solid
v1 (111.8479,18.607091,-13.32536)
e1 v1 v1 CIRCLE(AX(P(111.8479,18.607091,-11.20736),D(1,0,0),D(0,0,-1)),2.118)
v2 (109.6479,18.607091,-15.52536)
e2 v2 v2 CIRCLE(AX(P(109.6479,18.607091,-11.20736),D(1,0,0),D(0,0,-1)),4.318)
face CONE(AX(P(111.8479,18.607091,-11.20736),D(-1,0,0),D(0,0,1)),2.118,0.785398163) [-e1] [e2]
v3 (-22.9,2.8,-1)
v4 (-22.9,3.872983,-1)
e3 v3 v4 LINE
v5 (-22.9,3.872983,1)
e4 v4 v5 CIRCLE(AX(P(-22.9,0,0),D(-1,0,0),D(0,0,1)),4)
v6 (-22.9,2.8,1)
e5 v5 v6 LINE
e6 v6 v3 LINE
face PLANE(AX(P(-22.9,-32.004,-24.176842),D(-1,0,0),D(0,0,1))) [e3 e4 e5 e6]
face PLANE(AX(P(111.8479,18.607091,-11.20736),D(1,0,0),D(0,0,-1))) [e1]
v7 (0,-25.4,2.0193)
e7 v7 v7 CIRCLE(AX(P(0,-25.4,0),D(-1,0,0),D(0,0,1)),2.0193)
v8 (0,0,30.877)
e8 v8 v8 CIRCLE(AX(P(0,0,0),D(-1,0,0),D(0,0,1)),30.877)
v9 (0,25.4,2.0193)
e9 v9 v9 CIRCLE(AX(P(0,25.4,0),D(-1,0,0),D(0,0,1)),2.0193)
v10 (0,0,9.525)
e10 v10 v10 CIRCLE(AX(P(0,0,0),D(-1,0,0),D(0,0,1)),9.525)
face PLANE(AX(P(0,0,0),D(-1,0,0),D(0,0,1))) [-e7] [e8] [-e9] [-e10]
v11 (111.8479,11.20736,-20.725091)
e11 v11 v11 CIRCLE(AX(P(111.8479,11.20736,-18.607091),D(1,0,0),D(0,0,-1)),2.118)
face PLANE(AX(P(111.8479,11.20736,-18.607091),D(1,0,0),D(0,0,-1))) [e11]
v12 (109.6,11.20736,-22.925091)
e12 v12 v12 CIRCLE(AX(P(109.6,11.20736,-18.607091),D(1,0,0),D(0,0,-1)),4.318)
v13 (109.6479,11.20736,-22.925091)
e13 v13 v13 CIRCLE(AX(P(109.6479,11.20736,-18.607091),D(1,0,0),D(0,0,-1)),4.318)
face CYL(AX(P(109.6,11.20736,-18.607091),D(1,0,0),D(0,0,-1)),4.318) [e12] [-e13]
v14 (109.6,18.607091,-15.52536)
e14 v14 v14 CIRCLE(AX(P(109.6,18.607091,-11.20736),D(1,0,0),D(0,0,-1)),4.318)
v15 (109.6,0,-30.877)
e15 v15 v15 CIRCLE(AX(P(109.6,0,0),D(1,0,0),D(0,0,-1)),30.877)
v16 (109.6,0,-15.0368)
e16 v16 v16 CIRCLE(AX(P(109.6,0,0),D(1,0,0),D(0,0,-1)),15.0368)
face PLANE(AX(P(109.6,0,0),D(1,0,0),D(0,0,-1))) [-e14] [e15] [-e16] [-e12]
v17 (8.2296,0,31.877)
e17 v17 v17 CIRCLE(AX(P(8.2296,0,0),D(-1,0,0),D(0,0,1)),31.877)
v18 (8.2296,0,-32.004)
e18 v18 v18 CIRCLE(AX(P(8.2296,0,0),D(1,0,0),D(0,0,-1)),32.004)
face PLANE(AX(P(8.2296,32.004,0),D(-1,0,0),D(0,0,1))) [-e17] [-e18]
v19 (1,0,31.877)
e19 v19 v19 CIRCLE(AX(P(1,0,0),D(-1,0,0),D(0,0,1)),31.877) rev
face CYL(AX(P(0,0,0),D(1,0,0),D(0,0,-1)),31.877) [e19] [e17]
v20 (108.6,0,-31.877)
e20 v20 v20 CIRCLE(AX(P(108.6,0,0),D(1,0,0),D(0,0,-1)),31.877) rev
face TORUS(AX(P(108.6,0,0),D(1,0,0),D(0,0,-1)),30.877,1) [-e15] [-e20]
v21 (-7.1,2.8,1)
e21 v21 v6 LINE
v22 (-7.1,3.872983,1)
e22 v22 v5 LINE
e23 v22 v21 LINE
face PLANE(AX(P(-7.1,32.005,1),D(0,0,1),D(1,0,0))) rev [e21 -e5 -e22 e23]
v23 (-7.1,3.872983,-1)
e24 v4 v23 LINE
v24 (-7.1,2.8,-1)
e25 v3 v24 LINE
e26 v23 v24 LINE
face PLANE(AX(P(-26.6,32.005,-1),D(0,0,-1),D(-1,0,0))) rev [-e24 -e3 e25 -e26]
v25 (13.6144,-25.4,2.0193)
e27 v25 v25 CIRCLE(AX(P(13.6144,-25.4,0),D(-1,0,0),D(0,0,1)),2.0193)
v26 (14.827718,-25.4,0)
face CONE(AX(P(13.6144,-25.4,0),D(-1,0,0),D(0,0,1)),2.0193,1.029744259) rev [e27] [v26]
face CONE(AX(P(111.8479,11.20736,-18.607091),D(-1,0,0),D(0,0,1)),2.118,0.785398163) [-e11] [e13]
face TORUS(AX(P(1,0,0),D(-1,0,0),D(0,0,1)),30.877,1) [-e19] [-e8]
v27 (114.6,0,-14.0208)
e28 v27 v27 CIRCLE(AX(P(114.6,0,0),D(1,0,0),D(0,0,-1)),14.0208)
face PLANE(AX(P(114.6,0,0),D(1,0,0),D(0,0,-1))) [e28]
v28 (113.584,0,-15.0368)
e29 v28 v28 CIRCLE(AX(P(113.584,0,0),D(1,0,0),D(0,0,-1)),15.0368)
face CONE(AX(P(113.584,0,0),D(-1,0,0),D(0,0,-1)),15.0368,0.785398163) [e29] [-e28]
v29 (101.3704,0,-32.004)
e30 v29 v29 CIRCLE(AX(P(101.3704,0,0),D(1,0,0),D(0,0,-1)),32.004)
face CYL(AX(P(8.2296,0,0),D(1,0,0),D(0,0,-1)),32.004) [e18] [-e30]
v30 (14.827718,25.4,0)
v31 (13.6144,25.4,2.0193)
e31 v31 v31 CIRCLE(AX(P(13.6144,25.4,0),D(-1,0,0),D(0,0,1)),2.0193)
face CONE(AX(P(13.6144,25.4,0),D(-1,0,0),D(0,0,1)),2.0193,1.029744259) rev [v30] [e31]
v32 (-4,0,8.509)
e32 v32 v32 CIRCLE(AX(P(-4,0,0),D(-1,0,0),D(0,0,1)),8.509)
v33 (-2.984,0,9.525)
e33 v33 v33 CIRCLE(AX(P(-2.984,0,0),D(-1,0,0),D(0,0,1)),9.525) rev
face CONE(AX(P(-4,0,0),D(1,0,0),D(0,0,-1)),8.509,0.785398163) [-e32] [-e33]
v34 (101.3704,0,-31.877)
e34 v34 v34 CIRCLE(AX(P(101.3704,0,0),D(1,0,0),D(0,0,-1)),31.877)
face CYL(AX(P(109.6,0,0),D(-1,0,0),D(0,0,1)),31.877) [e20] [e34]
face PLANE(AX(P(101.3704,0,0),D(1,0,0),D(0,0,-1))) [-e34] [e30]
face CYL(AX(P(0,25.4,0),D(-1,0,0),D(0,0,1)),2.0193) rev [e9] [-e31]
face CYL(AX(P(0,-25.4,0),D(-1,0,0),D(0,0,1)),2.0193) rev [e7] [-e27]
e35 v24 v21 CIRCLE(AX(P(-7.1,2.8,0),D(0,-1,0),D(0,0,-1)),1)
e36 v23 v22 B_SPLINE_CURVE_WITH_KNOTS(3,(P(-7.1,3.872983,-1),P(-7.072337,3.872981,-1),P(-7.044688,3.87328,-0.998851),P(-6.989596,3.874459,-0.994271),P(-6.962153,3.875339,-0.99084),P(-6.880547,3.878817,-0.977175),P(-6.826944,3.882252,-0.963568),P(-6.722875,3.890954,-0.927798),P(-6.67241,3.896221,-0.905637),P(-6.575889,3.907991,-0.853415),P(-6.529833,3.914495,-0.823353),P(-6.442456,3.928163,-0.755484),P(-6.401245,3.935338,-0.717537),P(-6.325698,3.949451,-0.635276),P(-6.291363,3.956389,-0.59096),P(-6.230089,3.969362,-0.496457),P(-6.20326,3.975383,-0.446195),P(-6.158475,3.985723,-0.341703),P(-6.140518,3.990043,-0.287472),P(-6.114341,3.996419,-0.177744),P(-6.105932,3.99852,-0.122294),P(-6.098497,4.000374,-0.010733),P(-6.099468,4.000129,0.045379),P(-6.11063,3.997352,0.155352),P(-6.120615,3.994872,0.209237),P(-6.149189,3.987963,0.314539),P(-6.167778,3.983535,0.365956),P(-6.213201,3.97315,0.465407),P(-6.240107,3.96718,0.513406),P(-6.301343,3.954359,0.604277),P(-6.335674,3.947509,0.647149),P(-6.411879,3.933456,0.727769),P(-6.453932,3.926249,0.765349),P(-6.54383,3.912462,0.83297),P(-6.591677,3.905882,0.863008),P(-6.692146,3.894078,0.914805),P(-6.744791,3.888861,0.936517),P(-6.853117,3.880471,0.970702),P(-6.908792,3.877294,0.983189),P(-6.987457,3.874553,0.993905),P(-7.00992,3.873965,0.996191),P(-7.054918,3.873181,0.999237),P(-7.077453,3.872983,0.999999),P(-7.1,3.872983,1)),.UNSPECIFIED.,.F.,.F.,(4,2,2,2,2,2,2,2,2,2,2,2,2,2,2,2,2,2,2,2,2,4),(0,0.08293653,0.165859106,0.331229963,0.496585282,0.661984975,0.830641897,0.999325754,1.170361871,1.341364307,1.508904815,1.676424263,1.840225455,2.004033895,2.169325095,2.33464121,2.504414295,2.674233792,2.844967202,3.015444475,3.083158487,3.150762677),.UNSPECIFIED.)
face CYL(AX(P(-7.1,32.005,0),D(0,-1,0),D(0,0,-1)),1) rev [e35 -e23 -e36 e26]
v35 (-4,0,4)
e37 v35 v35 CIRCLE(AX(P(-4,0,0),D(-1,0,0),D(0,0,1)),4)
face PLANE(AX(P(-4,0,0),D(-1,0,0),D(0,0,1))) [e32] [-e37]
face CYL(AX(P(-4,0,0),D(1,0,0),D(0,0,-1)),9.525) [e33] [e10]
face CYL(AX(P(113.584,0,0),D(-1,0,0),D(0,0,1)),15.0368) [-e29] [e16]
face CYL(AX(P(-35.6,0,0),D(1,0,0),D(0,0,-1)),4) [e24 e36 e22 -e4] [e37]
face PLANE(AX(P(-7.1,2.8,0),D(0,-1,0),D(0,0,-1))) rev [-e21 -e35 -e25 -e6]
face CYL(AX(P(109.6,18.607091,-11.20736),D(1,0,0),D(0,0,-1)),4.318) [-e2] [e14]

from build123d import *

# Parameters (mm, degrees)
SKETCH1_W                  = 93.1408
SKETCH1_H                  = 32.004
SKETCH2_R                  = 31.877
BOSS_EXTRUDE1_DEPTH        = 8.2296
SKETCH3_R                  = 15.0368
BOSS_EXTRUDE2_DEPTH        = 3.984
SKETCH4_R                  = 15.0368
BOSS_EXTRUDE3_DEPTH        = 1.016
BOSS_EXTRUDE3_TAPER        = 45
BOSS_EXTRUDE4_START        = 8.2296
SKETCH5_R                  = 31.877
BOSS_EXTRUDE4_DEPTH        = 8.2296
SKETCH6_R                  = 9.525
BOSS_EXTRUDE5_DEPTH        = 4
SKETCH7_R                  = 4
BOSS_EXTRUDE6_DEPTH        = 31.6
CUT_EXTRUDE1_REACH         = 125.971
CUT_EXTRUDE1_END_RADIUS    = 4
M3_5_CLEARANCE_HOLE1_D     = 4.0386
M3_5_CLEARANCE_HOLE1_DEPTH = 13.6144
M3_5_CLEARANCE_HOLE1_TIP   = 1.213317848
CHAMFER1_SIZE              = 1.016
CHAMFER2_SIZE              = 0.5
FILLET1_R                  = 1
CUT_EXTRUDE2_DEPTH         = 124.213928007
CUT_EXTRUDE2_DEPTH_BACK    = 124.213928007
SKETCH13_W                 = 12.7
SKETCH13_H                 = 41.153791371


with BuildPart() as part:
    # Sketch1 → Revolve1 (revolve)
    with BuildSketch(Plane.XY, mode=Mode.PRIVATE) as revolve1_sk:
        with Locations((54.8, 16.002)):
            Rectangle(SKETCH1_W, SKETCH1_H)
    revolve(revolve1_sk.sketch.rotate(Axis((8.2296, 0, 0), (1, 0, 0)), 270), axis=Axis((8.2296, 0, 0), (1, 0, 0)))

    # Sketch2 → Boss-Extrude1 (add)
    with BuildSketch(Plane(origin=(101.3704, 0, 0), x_dir=(0, 0, -1), z_dir=(1, 0, 0))):
        Circle(SKETCH2_R)
    extrude(amount=BOSS_EXTRUDE1_DEPTH)

    # Sketch3 → Boss-Extrude2 (add)
    with BuildSketch(Plane(origin=(109.6, 0, 0), x_dir=(0, 0, -1), z_dir=(1, 0, 0))):
        Circle(SKETCH3_R)
    extrude(amount=BOSS_EXTRUDE2_DEPTH)

    # Sketch4 → Boss-Extrude3 (add)
    with BuildSketch(Plane(origin=(113.584, 0, 0), x_dir=(0, 0, -1), z_dir=(1, 0, 0))):
        Circle(SKETCH4_R)
    extrude(amount=BOSS_EXTRUDE3_DEPTH, taper=BOSS_EXTRUDE3_TAPER)

    # Sketch5 → Boss-Extrude4 (add)
    with BuildSketch(Plane.ZY.offset(-8.2296).offset(BOSS_EXTRUDE4_START)):
        with Locations(Location((0, 0, 0), (0, 0, 180))):
            Circle(SKETCH5_R)
    extrude(amount=-BOSS_EXTRUDE4_DEPTH)

    # Sketch6 → Boss-Extrude5 (add)
    with BuildSketch(Plane.ZY):
        Circle(SKETCH6_R)
    extrude(amount=BOSS_EXTRUDE5_DEPTH)

    # Sketch7 → Boss-Extrude6 (add)
    with BuildSketch(Plane.ZY.offset(4)):
        Circle(SKETCH7_R)
    extrude(amount=BOSS_EXTRUDE6_DEPTH)

    # Cut-Extrude1: up to this cylinder (the profile starts inside it)
    cut_extrude1_end = Plane(origin=(-16.85, 0, 0), z_dir=(1, 0, 0)) * Cylinder(CUT_EXTRUDE1_END_RADIUS, 260.942, mode=Mode.PRIVATE)
    # Sketch8 → Cut-Extrude1 (cut, up to the surface)
    with BuildSketch(Plane.XZ.offset(-2.8), mode=Mode.PRIVATE) as cut_extrude1_sk1:
        with BuildLine():
            Line((-7.1, 1), (-26.6, 1))
            ThreePointArc((-26.6, 1), (-27.6, 0), (-26.6, -1))
            Line((-26.6, -1), (-7.1, -1))
            ThreePointArc((-7.1, -1), (-6.1, 0), (-7.1, 1))
        make_face()
    cut_extrude1_tool1 = extrude(cut_extrude1_sk1.sketch, amount=-CUT_EXTRUDE1_REACH, mode=Mode.PRIVATE) & cut_extrude1_end
    add(cut_extrude1_tool1.solids().sort_by_distance((-16.85, 2.8, 0))[0], mode=Mode.SUBTRACT)

    # Sketch9 → Revolve2 (revolve)
    with BuildSketch(Plane.XY.offset(-18.607090683), mode=Mode.PRIVATE) as revolve2_sk:
        Polygon((109.6, 15.525359639), (109.6, 11.207359639), (111.8479, 11.207359639), (111.8479, 13.325359639), (109.6479, 15.525359639), align=None)
    revolve(revolve2_sk.sketch.rotate(Axis((109.6, 11.207359639, -18.607090683), (1, 0, 0)), 270), axis=Axis((109.6, 11.207359639, -18.607090683), (1, 0, 0)))

    # Sketch10 → Revolve3 (revolve)
    with BuildSketch(Plane.XY.offset(-11.207359639), mode=Mode.PRIVATE) as revolve3_sk:
        Polygon((109.6, 22.925090683), (109.6, 18.607090683), (111.8479, 18.607090683), (111.8479, 20.725090683), (109.6479, 22.925090683), align=None)
    revolve(revolve3_sk.sketch.rotate(Axis((109.6, 18.607090683, -11.207359639), (1, 0, 0)), 270), axis=Axis((109.6, 18.607090683, -11.207359639), (1, 0, 0)))

    # M3.5 Clearance Hole1
    with Locations(Plane.ZY):
        with Locations((0, 25.4), (0, -25.4)):
            Hole(M3_5_CLEARANCE_HOLE1_D / 2, depth=M3_5_CLEARANCE_HOLE1_DEPTH)
            with Locations((0, 0, -(M3_5_CLEARANCE_HOLE1_DEPTH + M3_5_CLEARANCE_HOLE1_TIP / 2))):  # 118° drill point
                Cone(0, M3_5_CLEARANCE_HOLE1_D / 2, M3_5_CLEARANCE_HOLE1_TIP, mode=Mode.SUBTRACT)

    # Chamfer1
    chamfer1_edges = [part.edges().sort_by_distance(p)[0] for p in [
        (-4, 0, -9.525),
    ]]
    chamfer(chamfer1_edges, length=CHAMFER1_SIZE)

    # Chamfer2
    chamfer2_edges = [part.edges().sort_by_distance(p)[0] for p in [
        (-35.6, 0, -4),
    ]]
    chamfer(chamfer2_edges, length=CHAMFER2_SIZE)

    # Fillet1
    fillet1_edges = [part.edges().sort_by_distance(p)[0] for p in [
        (0, 0, 31.877),
        (109.6, 0, 31.877),
    ]]
    fillet(fillet1_edges, radius=FILLET1_R)

    # Sketch13 → Cut-Extrude2 (cut, two sides: drawn at the far end of the back side and taken through both)
    with BuildSketch(Plane(origin=(0, 0, 0), x_dir=(1, 0, 0), z_dir=(0, 1, 0)).offset(-CUT_EXTRUDE2_DEPTH_BACK)):
        with Locations((-29.25, 3.599946583)):
            Rectangle(SKETCH13_W, SKETCH13_H)
    extrude(amount=CUT_EXTRUDE2_DEPTH + CUT_EXTRUDE2_DEPTH_BACK, mode=Mode.SUBTRACT)


solid = part.part
